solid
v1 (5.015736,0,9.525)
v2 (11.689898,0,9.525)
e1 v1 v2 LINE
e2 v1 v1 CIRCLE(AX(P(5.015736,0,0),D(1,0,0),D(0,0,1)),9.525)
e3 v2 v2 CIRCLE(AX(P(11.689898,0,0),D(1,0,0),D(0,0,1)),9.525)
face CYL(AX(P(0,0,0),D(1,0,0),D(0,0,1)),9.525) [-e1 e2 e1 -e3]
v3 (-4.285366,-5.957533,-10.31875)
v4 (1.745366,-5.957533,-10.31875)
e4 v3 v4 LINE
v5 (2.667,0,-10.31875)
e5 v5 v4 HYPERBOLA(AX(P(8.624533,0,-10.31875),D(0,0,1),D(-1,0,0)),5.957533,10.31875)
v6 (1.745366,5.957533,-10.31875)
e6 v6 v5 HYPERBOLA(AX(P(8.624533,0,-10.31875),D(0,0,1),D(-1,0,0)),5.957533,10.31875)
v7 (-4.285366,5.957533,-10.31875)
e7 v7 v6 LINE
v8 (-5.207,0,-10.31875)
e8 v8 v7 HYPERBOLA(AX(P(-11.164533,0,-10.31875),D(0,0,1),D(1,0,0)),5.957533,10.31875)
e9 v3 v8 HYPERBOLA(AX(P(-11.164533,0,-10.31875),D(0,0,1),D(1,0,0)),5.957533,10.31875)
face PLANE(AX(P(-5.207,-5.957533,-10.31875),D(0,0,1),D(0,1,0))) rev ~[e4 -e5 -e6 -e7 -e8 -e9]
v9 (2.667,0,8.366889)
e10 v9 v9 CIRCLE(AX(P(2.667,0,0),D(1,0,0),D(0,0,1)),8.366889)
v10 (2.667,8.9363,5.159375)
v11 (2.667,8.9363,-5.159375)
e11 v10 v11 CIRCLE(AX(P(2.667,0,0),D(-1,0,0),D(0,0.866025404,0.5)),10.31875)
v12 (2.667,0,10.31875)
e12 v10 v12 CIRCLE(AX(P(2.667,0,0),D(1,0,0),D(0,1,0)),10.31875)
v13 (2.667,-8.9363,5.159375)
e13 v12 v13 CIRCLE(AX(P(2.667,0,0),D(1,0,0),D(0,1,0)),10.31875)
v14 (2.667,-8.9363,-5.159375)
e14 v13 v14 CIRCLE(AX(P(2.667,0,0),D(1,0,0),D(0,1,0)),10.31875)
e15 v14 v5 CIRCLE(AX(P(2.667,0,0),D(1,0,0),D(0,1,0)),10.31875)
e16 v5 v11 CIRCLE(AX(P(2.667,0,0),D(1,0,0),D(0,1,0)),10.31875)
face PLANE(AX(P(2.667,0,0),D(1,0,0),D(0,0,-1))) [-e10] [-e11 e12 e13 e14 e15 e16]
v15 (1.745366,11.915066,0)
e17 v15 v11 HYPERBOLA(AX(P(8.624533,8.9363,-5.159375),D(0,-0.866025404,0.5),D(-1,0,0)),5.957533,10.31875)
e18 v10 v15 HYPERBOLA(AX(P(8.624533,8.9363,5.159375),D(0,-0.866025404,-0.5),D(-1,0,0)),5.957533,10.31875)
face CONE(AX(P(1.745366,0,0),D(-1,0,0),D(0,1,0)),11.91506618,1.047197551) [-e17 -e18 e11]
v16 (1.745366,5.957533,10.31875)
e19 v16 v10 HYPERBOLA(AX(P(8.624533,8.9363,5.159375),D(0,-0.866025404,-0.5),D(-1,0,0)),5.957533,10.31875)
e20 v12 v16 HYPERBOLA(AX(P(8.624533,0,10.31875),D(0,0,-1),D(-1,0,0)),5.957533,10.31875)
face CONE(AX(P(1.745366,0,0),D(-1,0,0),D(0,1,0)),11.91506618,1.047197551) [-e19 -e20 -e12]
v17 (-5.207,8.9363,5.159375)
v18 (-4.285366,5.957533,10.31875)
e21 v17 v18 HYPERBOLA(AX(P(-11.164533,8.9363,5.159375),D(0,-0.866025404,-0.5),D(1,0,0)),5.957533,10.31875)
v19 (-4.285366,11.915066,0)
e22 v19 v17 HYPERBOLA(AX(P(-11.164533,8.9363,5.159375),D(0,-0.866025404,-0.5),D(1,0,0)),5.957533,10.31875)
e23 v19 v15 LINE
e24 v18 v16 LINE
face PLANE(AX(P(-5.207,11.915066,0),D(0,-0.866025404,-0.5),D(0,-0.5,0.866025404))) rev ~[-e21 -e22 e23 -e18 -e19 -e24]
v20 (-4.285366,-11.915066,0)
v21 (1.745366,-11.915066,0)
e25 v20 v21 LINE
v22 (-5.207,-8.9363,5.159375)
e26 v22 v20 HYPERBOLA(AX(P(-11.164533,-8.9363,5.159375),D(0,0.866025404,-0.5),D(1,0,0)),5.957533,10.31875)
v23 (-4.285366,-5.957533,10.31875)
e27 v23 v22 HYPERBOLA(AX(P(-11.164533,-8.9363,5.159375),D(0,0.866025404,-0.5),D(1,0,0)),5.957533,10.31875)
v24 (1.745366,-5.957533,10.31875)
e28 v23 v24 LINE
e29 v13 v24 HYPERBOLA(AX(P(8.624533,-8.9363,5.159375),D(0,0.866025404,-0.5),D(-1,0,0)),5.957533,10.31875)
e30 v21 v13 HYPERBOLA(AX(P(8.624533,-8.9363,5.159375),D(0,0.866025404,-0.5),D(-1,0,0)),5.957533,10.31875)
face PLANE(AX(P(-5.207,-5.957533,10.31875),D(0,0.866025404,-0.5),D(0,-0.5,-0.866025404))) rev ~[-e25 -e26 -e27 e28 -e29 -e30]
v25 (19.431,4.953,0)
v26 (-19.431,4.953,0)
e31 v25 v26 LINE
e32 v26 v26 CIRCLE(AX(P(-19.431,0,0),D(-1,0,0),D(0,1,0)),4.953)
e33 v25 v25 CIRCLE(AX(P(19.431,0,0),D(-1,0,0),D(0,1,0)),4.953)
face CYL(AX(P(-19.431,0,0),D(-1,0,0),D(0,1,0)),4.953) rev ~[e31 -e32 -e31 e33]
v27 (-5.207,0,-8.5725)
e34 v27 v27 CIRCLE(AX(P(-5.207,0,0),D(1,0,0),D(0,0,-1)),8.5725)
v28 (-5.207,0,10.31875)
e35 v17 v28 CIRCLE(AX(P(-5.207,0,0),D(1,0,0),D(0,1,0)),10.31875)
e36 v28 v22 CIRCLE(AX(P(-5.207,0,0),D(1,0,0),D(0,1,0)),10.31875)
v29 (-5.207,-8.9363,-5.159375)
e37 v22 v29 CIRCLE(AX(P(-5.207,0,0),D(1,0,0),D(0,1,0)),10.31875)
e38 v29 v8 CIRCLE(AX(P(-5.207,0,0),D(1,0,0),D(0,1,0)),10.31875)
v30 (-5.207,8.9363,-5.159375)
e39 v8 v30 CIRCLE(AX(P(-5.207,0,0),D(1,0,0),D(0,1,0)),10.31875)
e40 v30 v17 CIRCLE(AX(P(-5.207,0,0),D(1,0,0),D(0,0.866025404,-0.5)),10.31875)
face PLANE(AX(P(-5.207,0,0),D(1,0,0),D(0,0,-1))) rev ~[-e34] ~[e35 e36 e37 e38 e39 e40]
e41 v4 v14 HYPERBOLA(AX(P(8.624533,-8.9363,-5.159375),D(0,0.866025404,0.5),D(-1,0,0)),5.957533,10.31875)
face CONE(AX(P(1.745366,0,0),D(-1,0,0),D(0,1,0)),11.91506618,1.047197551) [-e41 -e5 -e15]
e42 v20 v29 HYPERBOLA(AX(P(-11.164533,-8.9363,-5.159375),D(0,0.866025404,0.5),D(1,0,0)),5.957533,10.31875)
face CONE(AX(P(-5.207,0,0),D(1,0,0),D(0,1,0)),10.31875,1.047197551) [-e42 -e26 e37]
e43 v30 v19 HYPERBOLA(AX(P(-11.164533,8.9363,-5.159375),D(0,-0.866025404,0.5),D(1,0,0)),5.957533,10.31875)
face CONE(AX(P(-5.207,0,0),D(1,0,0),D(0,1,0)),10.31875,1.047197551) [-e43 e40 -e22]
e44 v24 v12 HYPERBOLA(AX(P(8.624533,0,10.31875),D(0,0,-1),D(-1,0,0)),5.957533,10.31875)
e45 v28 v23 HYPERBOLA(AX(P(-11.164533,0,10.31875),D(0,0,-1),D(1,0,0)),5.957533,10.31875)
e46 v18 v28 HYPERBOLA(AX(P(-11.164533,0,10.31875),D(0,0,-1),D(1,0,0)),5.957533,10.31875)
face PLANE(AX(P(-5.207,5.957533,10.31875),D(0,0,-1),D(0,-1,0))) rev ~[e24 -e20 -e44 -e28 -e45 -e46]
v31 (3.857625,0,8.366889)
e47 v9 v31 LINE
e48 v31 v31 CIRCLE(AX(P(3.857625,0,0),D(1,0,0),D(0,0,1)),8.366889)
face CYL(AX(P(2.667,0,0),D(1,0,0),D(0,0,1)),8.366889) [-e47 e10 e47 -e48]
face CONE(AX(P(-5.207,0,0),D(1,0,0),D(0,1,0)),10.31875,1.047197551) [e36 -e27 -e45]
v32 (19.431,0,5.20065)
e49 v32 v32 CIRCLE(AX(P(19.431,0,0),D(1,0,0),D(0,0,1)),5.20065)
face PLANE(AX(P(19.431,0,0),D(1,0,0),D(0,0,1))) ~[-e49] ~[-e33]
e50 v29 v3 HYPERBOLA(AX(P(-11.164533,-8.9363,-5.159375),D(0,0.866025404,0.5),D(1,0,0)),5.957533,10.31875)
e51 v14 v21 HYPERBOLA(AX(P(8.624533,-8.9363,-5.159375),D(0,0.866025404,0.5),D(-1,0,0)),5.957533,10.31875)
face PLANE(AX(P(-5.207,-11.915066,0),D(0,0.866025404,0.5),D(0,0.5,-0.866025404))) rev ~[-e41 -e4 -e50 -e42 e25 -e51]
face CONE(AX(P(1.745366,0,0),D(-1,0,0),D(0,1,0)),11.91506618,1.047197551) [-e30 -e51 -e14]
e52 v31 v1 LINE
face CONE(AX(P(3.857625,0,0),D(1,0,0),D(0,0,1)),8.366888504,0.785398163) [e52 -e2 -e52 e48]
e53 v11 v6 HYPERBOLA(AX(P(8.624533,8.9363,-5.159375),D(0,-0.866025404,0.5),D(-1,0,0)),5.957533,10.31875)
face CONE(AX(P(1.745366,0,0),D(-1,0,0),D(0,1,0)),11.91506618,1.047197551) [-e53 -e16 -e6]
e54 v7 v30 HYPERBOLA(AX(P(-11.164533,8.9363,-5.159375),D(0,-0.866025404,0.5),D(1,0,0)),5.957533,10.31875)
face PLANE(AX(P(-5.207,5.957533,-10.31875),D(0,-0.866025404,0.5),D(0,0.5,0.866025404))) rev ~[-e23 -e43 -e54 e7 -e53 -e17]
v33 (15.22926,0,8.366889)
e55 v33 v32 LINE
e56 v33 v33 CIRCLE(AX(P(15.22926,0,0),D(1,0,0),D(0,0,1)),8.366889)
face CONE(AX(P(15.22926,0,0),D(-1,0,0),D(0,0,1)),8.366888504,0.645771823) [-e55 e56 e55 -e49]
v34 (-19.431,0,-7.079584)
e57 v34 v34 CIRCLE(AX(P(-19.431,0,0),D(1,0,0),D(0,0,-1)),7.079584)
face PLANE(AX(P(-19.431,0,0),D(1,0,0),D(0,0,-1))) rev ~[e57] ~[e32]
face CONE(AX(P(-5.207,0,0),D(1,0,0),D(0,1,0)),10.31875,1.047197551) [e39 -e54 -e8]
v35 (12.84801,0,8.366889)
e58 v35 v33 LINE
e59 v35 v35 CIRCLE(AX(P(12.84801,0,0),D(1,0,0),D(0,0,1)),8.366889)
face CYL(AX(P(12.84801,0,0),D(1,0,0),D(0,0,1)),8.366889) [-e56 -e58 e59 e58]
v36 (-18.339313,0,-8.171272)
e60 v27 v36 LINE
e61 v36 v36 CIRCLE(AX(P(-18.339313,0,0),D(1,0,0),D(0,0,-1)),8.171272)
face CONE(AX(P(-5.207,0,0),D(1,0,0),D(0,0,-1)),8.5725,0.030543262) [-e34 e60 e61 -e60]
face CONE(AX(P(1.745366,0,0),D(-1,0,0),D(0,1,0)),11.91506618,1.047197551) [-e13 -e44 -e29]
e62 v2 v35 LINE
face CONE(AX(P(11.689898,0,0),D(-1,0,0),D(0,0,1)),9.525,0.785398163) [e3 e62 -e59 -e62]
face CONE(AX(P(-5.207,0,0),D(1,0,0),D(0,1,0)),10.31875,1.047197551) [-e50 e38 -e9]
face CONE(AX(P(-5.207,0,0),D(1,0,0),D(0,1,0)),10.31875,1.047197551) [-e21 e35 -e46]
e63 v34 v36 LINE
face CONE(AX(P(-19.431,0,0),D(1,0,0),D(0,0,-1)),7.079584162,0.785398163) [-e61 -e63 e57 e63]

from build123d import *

# Parameters (mm, degrees)
SKETCH6_W           = 38.862
SKETCH6_H           = 9.525
EXTRUDE1_DEPTH      = 7.874
SKETCH7_W           = 38.862
SKETCH7_H           = 4.953
SKETCH17_R          = 9.525
CUT_EXTRUDE1_DEPTH  = 14.224
SKETCH19_R          = 8.5725
BOSS_EXTRUDE1_DEPTH = 14.224
BOSS_EXTRUDE1_DRAFT = -1.75
CHAMFER1_SIZE       = 1.058333333
CHAMFER1_SIZE2      = 1.092196811
SKETCH22_R          = 8.5725
BOSS_EXTRUDE3_DEPTH = 14.224
BOSS_EXTRUDE3_DRAFT = -15
SKETCH23_R          = 4.953
CUT_EXTRUDE2_DEPTH  = 14.224


with BuildPart() as part:
    # Sketch6 → Revolve3 (revolve)
    with BuildSketch(Plane.XY, mode=Mode.PRIVATE) as revolve3_sk:
        with Locations((0, 4.7625)):
            Rectangle(SKETCH6_W, SKETCH6_H)
    revolve(revolve3_sk.sketch.rotate(Axis((-19.431, 0, 0), (1, 0, 0)), 90), axis=Axis((-19.431, 0, 0), (1, 0, 0)))

    # Sketch12 → Extrude1 (add)
    with BuildSketch(Plane(origin=(-5.207, 0, 0), x_dir=(0, 0, -1), z_dir=(1, 0, 0))):
        Polygon((0, 11.91506618), (-10.31875, 5.95753309), (-10.31875, -5.95753309), (0, -11.91506618), (10.31875, -5.95753309), (10.31875, 5.95753309), align=None)
    extrude(amount=EXTRUDE1_DEPTH)

    # Sketch10 → Cut-Revolve6 (revolve, cut)
    with BuildSketch(Plane.XY, mode=Mode.PRIVATE) as cut_revolve6_sk:
        Polygon((5.015736496, 9.525), (2.667, 9.525), (2.667, 8.366888504), (3.857625, 8.366888504), align=None)
        Polygon((19.431, 9.525), (11.689898093, 9.525), (12.84800959, 8.366888504), (15.22925959, 8.366888504), (19.431, 5.20065), align=None)
    revolve(cut_revolve6_sk.sketch.rotate(Axis((-19.431, 0, 0), (1, 0, 0)), 90), axis=Axis((-19.431, 0, 0), (1, 0, 0)), mode=Mode.SUBTRACT)

    # Sketch7 → Cut-Revolve5 (revolve, cut)
    with BuildSketch(Plane.XY):
        with Locations((0, 2.4765)):
            Rectangle(SKETCH7_W, SKETCH7_H)
    revolve(axis=Axis((19.431, 0, 0), (-1, 0, 0)), mode=Mode.SUBTRACT)

    # Sketch13 → Cut-Revolve7 (revolve, cut)
    with BuildSketch(Plane.XY):
        Polygon((-5.207, 11.91506618), (-5.207, 10.31875), (-4.285366424, 11.91506618), align=None)
        Polygon((1.745366424, 11.91506618), (2.667, 10.31875), (2.667, 11.91506618), align=None)
    revolve(axis=Axis((-19.431, 0, 0), (1, 0, 0)), mode=Mode.SUBTRACT)

    # Sketch17 → Cut-Extrude1 (cut)
    with BuildSketch(Plane.ZY.offset(19.431)):
        Circle(SKETCH17_R)
    extrude(amount=-CUT_EXTRUDE1_DEPTH, mode=Mode.SUBTRACT)


with BuildPart() as body_2:
    # Sketch19 → Boss-Extrude1 (with draft: the straight prism first)
    with BuildSketch(Plane(origin=(-5.207, 0, 0), x_dir=(0, 0, -1), z_dir=(1, 0, 0))):
        Circle(SKETCH19_R)
    extrude(amount=-BOSS_EXTRUDE1_DEPTH)
    # Boss-Extrude1: the draft: its side faces are tilted about the plane it starts from
    boss_extrude1_sides = [body_2.faces().sort_by_distance(p)[0] for p in [
        (-12.319, 0, 8.5725),
    ]]
    draft(boss_extrude1_sides, Plane(origin=(-5.207, 0, 0), x_dir=(0, 0, -1), z_dir=(1, 0, 0)), BOSS_EXTRUDE1_DRAFT)

    # Chamfer1
    chamfer1_edges = [body_2.edges().sort_by_distance(p)[0] for p in [
        (-19.431, 0, 8.137917495),
    ]]
    chamfer1_side = [body_2.faces().sort_by_distance(p)[0] for p in [
        (-19.431, 0, 0),
    ]]
    chamfer(chamfer1_edges, length=CHAMFER1_SIZE, length2=CHAMFER1_SIZE2, reference=chamfer1_side[0])


with BuildPart() as boss_extrude3_tool:
    # Sketch22 → Boss-Extrude3 (with draft: the straight prism first)
    with BuildSketch(Plane(origin=(-5.207, 0, 0), x_dir=(0, 0, -1), z_dir=(1, 0, 0))):
        Circle(SKETCH22_R)
    extrude(amount=-BOSS_EXTRUDE3_DEPTH)
    # Boss-Extrude3: the draft: its side faces are tilted about the plane it starts from
    boss_extrude3_sides = [boss_extrude3_tool.faces().sort_by_distance(p)[0] for p in [
        (-12.319, 0, 8.5725),
    ]]
    draft(boss_extrude3_sides, Plane(origin=(-5.207, 0, 0), x_dir=(0, 0, -1), z_dir=(1, 0, 0)), BOSS_EXTRUDE3_DRAFT)


with BuildPart() as body_2_1:
    add(body_2.part)

    # Boss-Extrude3: add boss_extrude3_tool
    add(boss_extrude3_tool.part)

    # Combine1: union part
    add(part.part)

    # Sketch23 → Cut-Extrude2 (cut)
    with BuildSketch(Plane.ZY.offset(19.431)):
        with Locations(Location((0, 0, 0), (0, 0, 90))):
            Circle(SKETCH23_R)
    extrude(amount=-CUT_EXTRUDE2_DEPTH, mode=Mode.SUBTRACT)


solid = body_2_1.part
